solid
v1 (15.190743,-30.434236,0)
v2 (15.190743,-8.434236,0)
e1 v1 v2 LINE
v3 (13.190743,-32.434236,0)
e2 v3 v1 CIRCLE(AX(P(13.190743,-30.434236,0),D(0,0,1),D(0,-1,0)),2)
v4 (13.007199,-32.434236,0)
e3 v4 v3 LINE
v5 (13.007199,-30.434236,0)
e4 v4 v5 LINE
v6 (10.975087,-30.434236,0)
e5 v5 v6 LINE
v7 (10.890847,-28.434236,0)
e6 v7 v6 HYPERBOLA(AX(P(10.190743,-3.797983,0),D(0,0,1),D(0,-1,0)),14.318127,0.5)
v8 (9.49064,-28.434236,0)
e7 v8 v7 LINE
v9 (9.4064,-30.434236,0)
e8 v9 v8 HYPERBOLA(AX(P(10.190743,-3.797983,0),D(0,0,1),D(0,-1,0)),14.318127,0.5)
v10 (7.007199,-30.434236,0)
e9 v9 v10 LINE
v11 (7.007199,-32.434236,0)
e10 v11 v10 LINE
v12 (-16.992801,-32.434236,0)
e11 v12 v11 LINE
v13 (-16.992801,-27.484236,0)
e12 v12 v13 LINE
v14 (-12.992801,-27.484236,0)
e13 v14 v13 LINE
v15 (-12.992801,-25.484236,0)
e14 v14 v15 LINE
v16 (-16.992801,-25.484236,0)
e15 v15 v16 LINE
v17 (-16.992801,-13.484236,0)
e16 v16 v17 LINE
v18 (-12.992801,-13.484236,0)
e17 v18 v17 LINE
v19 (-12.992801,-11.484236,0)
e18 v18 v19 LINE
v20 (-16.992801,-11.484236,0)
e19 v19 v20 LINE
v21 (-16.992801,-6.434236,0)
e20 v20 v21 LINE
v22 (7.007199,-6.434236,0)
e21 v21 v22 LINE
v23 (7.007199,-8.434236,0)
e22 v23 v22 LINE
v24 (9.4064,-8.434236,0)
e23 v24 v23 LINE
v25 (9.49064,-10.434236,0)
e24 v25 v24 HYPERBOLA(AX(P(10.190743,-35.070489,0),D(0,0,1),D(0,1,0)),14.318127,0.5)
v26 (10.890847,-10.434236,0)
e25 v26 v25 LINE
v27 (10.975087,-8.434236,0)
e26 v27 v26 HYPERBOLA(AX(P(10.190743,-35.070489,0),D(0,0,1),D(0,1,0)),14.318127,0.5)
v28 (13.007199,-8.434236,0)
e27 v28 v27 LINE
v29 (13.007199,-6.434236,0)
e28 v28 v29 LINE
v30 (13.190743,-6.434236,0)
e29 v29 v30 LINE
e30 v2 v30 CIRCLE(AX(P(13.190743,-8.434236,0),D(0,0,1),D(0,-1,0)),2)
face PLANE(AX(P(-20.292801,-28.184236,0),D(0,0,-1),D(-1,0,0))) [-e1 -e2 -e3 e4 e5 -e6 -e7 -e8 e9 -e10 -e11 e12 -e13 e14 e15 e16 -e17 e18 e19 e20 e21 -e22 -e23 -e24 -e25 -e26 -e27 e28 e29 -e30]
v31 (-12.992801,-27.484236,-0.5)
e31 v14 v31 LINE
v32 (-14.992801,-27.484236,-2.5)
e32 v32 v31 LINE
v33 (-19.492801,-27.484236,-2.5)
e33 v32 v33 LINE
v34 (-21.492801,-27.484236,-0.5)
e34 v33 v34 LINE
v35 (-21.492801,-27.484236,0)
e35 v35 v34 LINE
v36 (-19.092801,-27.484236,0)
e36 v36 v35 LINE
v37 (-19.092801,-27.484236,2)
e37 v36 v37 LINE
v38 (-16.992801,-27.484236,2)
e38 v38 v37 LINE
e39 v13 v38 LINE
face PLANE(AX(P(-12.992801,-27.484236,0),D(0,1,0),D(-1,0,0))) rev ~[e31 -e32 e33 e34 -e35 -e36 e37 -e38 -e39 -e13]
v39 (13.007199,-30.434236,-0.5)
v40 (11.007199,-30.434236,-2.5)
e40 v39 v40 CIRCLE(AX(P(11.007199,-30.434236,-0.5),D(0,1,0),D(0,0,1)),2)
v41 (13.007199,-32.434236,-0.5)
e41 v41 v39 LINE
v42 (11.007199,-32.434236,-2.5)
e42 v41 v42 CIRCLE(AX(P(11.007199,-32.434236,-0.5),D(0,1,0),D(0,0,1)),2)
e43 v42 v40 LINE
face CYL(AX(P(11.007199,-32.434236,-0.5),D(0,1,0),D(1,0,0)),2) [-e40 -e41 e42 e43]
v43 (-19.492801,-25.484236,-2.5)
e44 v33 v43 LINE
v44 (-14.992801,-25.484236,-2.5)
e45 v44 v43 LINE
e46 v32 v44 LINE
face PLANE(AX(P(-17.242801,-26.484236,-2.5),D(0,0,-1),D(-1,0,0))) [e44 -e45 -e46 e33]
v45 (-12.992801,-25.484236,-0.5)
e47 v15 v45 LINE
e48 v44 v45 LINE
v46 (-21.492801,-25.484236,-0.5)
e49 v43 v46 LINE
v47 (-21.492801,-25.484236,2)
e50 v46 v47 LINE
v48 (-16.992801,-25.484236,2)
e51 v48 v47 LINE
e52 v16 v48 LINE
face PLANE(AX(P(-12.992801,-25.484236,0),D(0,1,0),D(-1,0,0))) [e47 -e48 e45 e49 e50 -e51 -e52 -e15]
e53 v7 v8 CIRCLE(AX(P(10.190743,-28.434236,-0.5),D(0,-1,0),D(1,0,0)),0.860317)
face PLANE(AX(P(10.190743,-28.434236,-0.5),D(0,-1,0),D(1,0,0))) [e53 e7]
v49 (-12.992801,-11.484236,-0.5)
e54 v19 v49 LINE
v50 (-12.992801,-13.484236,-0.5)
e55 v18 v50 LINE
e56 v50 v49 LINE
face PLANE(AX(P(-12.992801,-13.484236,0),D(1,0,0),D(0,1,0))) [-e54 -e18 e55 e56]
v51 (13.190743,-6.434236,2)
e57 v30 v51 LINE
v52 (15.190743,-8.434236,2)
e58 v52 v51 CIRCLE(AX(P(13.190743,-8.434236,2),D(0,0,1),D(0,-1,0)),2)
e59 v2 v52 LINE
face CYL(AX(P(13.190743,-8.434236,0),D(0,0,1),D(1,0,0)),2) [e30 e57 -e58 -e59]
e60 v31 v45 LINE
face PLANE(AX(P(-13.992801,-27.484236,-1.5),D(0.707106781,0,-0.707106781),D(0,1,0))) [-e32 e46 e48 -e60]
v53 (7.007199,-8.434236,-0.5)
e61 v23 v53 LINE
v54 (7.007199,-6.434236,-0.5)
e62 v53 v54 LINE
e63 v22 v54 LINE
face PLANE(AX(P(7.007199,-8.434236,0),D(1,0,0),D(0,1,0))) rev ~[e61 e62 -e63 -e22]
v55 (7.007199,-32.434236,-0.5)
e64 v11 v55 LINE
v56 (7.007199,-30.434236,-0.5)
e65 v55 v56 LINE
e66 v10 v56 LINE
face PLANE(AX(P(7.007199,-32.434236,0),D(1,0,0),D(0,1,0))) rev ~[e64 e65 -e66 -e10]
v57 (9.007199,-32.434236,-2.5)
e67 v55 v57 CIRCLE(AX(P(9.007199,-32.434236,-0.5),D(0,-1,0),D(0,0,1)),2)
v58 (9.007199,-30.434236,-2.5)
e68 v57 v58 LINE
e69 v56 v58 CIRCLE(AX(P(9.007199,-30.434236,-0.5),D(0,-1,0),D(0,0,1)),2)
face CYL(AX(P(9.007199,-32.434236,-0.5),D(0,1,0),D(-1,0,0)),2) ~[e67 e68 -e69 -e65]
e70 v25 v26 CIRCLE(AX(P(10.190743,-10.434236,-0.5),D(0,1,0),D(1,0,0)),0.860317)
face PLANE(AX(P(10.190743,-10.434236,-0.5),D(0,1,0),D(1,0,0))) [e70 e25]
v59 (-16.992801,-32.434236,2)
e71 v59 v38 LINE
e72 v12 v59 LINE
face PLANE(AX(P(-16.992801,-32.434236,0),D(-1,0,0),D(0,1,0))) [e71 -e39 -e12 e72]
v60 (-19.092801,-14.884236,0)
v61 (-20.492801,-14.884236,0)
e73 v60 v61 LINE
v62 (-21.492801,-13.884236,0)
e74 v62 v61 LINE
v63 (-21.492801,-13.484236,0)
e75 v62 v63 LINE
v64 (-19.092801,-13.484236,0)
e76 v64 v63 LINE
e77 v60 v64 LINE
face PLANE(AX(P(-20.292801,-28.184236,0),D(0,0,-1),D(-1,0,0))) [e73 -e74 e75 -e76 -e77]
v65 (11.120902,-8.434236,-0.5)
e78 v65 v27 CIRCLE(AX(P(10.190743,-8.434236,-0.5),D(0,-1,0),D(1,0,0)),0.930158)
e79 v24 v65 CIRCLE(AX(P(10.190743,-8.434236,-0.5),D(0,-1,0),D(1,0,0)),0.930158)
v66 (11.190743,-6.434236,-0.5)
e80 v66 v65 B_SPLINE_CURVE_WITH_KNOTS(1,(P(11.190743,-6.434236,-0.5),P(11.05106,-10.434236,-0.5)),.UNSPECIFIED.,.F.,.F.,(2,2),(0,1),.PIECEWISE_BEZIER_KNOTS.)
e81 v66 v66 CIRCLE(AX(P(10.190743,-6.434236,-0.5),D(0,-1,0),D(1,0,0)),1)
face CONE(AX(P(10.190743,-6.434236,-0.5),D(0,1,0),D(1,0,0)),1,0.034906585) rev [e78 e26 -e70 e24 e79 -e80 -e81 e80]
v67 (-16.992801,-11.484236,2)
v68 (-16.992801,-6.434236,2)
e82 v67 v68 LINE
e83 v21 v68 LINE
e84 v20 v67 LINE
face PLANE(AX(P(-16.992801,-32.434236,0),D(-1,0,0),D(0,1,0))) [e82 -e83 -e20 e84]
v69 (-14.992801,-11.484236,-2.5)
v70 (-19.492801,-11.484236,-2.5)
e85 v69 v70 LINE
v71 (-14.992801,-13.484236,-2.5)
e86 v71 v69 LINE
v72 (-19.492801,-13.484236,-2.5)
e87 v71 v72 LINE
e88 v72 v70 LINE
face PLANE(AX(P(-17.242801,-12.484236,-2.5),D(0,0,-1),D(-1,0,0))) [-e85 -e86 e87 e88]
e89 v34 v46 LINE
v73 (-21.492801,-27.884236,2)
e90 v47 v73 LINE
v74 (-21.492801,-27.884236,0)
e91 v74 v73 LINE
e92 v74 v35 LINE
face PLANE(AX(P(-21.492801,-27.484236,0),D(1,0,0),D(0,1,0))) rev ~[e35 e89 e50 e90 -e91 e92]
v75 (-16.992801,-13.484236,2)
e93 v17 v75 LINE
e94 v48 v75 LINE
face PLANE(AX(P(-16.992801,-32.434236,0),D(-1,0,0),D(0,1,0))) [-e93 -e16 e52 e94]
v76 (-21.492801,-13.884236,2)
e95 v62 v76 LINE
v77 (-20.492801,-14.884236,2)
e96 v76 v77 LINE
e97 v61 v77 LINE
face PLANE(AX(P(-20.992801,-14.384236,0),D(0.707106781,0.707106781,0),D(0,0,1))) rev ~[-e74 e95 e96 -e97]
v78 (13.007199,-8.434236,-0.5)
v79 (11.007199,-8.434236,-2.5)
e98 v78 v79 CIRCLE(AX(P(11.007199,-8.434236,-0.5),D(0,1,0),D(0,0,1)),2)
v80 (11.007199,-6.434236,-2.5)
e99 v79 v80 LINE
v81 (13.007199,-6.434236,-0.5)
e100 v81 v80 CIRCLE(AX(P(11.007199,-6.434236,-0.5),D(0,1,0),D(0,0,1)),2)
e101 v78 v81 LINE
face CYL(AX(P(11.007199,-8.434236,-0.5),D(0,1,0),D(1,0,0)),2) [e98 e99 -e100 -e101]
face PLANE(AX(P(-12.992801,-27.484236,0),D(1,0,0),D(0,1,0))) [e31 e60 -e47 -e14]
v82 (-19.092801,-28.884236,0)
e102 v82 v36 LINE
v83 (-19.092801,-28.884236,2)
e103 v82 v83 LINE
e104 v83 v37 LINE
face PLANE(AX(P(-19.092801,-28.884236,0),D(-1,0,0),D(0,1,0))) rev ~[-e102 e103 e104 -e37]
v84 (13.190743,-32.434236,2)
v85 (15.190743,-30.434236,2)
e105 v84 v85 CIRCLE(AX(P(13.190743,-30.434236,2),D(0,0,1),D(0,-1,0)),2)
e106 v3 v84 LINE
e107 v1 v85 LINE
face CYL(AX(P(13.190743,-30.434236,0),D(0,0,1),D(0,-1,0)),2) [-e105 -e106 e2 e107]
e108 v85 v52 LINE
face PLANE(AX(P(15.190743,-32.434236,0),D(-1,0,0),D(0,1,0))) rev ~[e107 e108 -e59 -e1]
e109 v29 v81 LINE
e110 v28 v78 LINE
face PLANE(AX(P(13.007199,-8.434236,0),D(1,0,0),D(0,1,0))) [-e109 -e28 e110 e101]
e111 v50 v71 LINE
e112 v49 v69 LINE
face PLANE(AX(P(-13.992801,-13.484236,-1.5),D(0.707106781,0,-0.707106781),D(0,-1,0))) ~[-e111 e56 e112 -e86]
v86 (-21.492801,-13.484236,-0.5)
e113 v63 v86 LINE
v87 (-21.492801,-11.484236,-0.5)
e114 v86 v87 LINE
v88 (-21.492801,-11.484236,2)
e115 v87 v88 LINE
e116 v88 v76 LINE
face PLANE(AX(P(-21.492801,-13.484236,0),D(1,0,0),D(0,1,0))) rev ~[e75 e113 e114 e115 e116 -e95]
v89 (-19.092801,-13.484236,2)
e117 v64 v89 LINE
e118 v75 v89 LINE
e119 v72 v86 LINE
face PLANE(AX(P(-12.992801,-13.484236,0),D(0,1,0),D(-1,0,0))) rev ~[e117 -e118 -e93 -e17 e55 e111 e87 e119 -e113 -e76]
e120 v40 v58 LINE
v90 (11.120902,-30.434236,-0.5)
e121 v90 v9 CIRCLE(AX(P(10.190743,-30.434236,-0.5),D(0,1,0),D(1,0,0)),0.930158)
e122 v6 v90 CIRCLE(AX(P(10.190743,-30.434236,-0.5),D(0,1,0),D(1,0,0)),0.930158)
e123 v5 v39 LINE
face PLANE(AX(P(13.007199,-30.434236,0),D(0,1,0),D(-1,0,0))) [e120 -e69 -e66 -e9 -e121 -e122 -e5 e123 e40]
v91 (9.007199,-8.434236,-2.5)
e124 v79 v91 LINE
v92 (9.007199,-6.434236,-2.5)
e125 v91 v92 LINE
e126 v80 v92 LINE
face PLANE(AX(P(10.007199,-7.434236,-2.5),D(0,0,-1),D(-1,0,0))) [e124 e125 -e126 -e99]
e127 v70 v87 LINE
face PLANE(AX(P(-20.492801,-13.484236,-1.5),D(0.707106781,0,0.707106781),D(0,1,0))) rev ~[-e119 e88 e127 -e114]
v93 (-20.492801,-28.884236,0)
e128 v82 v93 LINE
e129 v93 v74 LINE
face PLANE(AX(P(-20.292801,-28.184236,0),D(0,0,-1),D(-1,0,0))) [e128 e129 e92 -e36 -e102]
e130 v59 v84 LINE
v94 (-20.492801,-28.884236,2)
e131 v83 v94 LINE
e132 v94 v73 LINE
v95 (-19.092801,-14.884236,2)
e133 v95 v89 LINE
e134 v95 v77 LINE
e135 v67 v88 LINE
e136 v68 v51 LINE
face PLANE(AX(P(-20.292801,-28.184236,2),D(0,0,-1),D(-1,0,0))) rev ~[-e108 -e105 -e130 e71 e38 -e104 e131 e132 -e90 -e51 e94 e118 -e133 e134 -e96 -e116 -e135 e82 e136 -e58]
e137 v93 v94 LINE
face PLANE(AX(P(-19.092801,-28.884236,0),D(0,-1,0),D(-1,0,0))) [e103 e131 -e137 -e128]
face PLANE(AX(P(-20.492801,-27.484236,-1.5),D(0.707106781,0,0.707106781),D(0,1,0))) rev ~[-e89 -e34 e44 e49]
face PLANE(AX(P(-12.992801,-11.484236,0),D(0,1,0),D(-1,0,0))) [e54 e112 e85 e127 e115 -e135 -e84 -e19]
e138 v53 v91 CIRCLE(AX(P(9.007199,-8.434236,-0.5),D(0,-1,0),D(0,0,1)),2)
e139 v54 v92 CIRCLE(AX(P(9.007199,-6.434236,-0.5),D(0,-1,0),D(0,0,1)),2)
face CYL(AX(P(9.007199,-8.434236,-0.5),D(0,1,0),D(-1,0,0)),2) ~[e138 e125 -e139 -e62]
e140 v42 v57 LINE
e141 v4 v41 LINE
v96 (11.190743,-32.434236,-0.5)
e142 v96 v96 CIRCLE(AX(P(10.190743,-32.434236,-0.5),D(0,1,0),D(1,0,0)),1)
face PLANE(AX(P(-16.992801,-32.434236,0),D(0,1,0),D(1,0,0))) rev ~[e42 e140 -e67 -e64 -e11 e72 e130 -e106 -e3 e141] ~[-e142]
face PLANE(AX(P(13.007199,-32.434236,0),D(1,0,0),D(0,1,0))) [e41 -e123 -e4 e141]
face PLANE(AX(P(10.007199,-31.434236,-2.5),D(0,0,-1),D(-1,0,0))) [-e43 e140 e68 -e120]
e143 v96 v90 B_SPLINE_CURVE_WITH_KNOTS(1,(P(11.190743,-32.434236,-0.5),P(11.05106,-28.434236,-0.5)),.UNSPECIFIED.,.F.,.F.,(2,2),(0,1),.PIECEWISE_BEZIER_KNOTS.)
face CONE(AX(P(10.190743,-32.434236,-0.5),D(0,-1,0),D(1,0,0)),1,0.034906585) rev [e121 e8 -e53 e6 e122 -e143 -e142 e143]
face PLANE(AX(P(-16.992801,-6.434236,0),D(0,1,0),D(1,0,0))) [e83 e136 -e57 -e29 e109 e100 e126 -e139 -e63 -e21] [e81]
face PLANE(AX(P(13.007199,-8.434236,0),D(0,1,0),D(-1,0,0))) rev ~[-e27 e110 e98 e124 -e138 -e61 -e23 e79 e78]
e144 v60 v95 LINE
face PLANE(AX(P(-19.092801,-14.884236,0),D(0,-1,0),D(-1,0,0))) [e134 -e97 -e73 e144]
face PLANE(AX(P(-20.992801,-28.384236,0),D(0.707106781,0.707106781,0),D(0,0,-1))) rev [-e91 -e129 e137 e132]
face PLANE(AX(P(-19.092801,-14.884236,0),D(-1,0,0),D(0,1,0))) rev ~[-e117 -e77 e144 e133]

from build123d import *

# Parameters (mm, degrees)
SKETCH_2_W          = 32.183544672
SKETCH_2_H          = 26
EXTRUDE_1_DEPTH     = 2
FILLET_1_R          = 2
SKETCH_5_W          = 6
SKETCH_5_H          = 2
EXTRUDE_2_DEPTH     = 2.5
FILLET_2_R          = 2
SKETCH_6_R          = 1
CUT_EXTRUDE_3_DEPTH = 4
CUT_EXTRUDE_3_TAPER = 2
SKETCH_7_R          = 1
CUT_EXTRUDE_4_DEPTH = 4
CUT_EXTRUDE_4_TAPER = 2
SKETCH_8_W          = 4.5
SKETCH_8_H          = 2
EXTRUDE_3_DEPTH     = 2
SKETCH_10_W         = 2.4
SKETCH_10_H         = 1.4
EXTRUDE_4_DEPTH     = 2
EXTRUDE_4_2_DEPTH   = 2
SKETCH_11_W         = 8.5
SKETCH_11_H         = 2
EXTRUDE_5_DEPTH     = 2.5
CHAMFER_1_SIZE      = 2
CHAMFER_2_SIZE      = 1


with BuildPart() as part:
    # 草图2 → 凸台-拉伸1 (new body)
    with BuildSketch(Plane.XY):
        with Locations((-0.901029093, -19.434236018)):
            Rectangle(SKETCH_2_W, SKETCH_2_H)
    extrude(amount=EXTRUDE_1_DEPTH)

    # 圆角1
    fillet_1_edges = [part.edges().sort_by_distance(p)[0] for p in [
        (15.190743243, -32.434236018, 1),
        (15.190743243, -6.434236018, 1),
    ]]
    fillet(fillet_1_edges, radius=FILLET_1_R)

    # 草图5 → 凸台-拉伸2 (add)
    with BuildSketch(Plane(origin=(0, 0, 0), x_dir=(-1, 0, 0), z_dir=(0, 0, -1))):
        with Locations((-10.007198571, -7.434236018)):
            Rectangle(SKETCH_5_W, SKETCH_5_H)
        with Locations((-10.007198571, -31.434236018)):
            Rectangle(SKETCH_5_W, SKETCH_5_H)
    extrude(amount=EXTRUDE_2_DEPTH)

    # 圆角2
    fillet_2_edges = [part.edges().sort_by_distance(p)[0] for p in [
        (13.007198571, -7.434236018, -2.5),
        (7.007198571, -7.434236018, -2.5),
        (13.007198571, -31.434236018, -2.5),
        (7.007198571, -31.434236018, -2.5),
    ]]
    fillet(fillet_2_edges, radius=FILLET_2_R)

    # 草图6 → 切除-拉伸3 (cut)
    with BuildSketch(Plane.XZ.offset(32.434236018)):
        with Locations((10.190743244, -0.5)):
            Circle(SKETCH_6_R)
    extrude(amount=-CUT_EXTRUDE_3_DEPTH, taper=CUT_EXTRUDE_3_TAPER, mode=Mode.SUBTRACT)

    # 草图7 → 切除-拉伸4 (cut)
    with BuildSketch(Plane(origin=(0, -6.434236018, 0), x_dir=(1, 0, 0), z_dir=(0, 1, 0))):
        with Locations((10.190743243, 0.5)):
            Circle(SKETCH_7_R)
    extrude(amount=-CUT_EXTRUDE_4_DEPTH, taper=CUT_EXTRUDE_4_TAPER, mode=Mode.SUBTRACT)

    # 草图8 → 凸台-拉伸3 (add)
    with BuildSketch(Plane(origin=(0, 0, 0), x_dir=(-1, 0, 0), z_dir=(0, 0, -1))):
        with Locations((19.242801429, -12.484236018)):
            Rectangle(SKETCH_8_W, SKETCH_8_H)
        with Locations((19.242801429, -26.484236018)):
            Rectangle(SKETCH_8_W, SKETCH_8_H)
    extrude(amount=-EXTRUDE_3_DEPTH)



with BuildPart() as body_2:
    # 草图10 → 凸台-拉伸4 (new body)
    with BuildSketch(Plane(origin=(0, 0, 0), x_dir=(-1, 0, 0), z_dir=(0, 0, -1))):
        with Locations((20.292801429, -14.184236018)):
            Rectangle(SKETCH_10_W, SKETCH_10_H)
    extrude(amount=-EXTRUDE_4_DEPTH)


with BuildPart() as body_3:
    # 草图10 → Extrude 4 2 (new body)
    with BuildSketch(Plane(origin=(0, 0, 0), x_dir=(-1, 0, 0), z_dir=(0, 0, -1))):
        with Locations((20.292801429, -28.184236018)):
            Rectangle(SKETCH_10_W, SKETCH_10_H)
    extrude(amount=-EXTRUDE_4_2_DEPTH)


with BuildPart() as part_1:
    add(part.part)

    add(body_2.part)  # 凸台-拉伸5 merges body 2

    add(body_3.part)  # 凸台-拉伸5 merges body 3
    # 草图11 → 凸台-拉伸5 (add)
    with BuildSketch(Plane(origin=(0, 0, 0), x_dir=(-1, 0, 0), z_dir=(0, 0, -1))):
        with Locations((17.242801429, -12.484236018)):
            Rectangle(SKETCH_11_W, SKETCH_11_H)
        with Locations((17.242801429, -26.484236018)):
            Rectangle(SKETCH_11_W, SKETCH_11_H)
    extrude(amount=EXTRUDE_5_DEPTH)

    # 倒角1
    chamfer_1_edges = [part_1.edges().sort_by_distance(p)[0] for p in [
        (-21.492801429, -12.484236018, -2.5),
        (-12.992801429, -12.484236018, -2.5),
        (-21.492801429, -26.484236018, -2.5),
        (-12.992801429, -26.484236018, -2.5),
    ]]
    chamfer(chamfer_1_edges, length=CHAMFER_1_SIZE)

    # 倒角2
    chamfer_2_edges = [part_1.edges().sort_by_distance(p)[0] for p in [
        (-21.492801429, -14.884236018, 1),
        (-21.492801429, -28.884236018, 1),
    ]]
    chamfer(chamfer_2_edges, length=CHAMFER_2_SIZE)


solid = part_1.part
